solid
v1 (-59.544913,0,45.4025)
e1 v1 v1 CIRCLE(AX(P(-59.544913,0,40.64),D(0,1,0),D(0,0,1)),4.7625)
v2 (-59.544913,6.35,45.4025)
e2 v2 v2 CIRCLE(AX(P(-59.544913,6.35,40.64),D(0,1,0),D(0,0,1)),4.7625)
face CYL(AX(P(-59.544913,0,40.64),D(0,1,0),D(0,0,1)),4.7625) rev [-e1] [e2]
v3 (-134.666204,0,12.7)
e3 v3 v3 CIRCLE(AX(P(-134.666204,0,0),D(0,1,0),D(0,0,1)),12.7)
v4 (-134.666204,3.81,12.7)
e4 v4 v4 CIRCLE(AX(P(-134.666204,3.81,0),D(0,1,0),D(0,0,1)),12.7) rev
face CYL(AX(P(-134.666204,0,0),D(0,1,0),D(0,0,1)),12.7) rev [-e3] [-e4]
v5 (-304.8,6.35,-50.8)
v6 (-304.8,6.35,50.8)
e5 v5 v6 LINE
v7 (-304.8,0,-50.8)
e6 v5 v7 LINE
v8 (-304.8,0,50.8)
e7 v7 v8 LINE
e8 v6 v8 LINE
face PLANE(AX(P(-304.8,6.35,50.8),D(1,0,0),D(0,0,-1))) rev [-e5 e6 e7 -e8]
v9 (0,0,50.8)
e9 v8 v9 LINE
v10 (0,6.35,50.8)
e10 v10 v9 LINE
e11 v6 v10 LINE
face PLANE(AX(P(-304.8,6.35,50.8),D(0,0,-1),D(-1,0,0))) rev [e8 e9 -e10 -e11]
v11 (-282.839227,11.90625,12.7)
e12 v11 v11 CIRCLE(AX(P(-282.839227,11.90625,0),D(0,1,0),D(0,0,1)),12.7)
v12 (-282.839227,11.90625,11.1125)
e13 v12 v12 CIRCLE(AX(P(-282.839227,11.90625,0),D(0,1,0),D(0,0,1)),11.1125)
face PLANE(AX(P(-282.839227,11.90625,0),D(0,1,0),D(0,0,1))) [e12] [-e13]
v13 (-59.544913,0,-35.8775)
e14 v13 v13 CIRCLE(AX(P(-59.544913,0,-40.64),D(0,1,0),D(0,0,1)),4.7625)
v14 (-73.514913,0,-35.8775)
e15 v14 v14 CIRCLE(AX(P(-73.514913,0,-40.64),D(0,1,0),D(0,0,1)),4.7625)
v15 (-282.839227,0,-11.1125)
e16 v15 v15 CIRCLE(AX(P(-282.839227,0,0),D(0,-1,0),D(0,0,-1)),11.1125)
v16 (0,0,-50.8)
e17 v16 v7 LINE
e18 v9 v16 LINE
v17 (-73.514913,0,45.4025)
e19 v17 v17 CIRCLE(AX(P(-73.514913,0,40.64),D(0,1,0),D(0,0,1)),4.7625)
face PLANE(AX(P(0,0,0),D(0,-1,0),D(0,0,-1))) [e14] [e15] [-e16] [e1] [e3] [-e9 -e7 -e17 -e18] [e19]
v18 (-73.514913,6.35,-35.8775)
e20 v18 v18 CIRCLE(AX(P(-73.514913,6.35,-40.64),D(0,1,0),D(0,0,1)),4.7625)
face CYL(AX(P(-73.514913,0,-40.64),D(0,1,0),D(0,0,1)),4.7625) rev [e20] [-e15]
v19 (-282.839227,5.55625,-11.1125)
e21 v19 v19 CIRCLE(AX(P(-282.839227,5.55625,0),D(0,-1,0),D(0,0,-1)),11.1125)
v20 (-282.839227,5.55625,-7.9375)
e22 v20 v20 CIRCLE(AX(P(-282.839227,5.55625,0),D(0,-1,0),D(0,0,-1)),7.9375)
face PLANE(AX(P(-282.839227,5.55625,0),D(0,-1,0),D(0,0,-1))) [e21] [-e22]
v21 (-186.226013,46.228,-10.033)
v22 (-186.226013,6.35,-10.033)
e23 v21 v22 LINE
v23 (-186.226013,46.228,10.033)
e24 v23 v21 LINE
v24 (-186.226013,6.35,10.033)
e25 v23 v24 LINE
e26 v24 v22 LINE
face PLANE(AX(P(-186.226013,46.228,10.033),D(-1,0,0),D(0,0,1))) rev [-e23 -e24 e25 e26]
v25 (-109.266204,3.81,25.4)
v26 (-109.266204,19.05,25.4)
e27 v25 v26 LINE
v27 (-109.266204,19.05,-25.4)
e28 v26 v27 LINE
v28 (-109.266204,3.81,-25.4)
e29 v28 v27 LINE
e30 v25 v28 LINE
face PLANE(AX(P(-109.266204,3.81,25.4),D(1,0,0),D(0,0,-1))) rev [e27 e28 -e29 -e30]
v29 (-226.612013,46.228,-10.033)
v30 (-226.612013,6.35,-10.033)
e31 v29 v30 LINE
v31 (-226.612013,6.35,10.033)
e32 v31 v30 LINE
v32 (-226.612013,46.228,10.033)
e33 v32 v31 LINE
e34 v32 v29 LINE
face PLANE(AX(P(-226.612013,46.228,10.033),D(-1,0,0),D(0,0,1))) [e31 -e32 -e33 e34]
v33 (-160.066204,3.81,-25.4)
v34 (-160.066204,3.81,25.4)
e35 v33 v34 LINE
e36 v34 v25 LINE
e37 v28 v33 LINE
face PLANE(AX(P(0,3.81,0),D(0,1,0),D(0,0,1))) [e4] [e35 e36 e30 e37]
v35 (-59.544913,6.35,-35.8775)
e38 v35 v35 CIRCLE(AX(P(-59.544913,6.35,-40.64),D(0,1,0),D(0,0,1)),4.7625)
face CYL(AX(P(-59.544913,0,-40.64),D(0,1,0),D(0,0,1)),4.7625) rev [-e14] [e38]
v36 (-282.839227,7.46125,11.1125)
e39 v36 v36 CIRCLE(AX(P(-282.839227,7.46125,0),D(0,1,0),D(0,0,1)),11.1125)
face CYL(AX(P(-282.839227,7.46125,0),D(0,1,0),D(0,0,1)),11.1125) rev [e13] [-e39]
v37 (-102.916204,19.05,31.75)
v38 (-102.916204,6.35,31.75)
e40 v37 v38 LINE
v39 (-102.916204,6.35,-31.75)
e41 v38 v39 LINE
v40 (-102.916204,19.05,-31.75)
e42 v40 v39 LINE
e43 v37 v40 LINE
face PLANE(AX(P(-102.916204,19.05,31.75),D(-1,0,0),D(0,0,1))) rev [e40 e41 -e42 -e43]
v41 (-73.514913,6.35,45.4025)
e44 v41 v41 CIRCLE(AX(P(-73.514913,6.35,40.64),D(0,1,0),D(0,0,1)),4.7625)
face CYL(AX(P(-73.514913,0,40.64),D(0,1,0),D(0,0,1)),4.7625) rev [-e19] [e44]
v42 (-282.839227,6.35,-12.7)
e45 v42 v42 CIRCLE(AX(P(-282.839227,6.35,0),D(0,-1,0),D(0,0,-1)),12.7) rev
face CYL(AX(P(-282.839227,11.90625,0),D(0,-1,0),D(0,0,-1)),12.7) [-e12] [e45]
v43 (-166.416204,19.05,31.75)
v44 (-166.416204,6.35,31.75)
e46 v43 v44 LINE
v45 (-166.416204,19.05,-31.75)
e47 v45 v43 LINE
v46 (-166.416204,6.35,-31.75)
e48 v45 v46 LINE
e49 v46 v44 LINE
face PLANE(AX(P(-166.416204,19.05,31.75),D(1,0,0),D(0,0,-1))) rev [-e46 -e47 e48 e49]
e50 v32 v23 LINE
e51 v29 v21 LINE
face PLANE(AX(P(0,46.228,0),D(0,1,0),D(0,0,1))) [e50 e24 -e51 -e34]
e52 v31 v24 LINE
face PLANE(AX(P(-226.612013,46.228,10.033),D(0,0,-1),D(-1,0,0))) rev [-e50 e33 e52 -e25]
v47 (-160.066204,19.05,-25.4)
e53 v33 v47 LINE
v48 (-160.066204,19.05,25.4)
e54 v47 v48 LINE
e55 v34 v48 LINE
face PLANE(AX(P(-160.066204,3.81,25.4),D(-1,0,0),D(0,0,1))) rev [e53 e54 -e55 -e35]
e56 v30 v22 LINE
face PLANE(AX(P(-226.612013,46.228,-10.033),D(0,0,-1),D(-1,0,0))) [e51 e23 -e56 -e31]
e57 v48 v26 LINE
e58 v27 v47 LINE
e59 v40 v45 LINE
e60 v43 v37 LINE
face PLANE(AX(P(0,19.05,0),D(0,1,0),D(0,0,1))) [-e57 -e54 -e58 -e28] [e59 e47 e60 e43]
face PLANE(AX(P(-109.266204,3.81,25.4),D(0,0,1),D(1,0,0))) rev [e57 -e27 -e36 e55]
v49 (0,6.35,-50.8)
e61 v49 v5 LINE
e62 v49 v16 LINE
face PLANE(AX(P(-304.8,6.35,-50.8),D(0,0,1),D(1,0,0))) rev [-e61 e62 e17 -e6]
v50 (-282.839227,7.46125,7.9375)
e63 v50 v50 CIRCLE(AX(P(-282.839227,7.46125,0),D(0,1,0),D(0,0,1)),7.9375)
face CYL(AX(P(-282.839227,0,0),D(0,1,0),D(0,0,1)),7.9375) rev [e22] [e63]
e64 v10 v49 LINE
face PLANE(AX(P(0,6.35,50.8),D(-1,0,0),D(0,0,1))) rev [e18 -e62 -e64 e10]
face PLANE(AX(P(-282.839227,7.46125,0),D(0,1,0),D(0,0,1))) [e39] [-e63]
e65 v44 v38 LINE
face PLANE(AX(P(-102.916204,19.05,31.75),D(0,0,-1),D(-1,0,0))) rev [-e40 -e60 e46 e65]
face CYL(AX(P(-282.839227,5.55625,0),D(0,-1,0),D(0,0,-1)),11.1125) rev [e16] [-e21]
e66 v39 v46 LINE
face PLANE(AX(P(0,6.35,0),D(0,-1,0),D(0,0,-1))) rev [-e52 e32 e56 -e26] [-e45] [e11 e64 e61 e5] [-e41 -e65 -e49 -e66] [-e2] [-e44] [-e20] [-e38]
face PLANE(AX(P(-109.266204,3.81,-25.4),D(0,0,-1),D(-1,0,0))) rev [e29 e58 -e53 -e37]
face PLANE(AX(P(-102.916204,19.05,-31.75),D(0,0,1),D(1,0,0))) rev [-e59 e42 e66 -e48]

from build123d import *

# Parameters (mm, degrees)
SKETCH1_W           = 304.8
SKETCH1_H           = 101.6
BOSS_EXTRUDE1_DEPTH = 6.35
SKETCH2_R           = 12.7
BOSS_EXTRUDE3_DEPTH = 5.55625
SKETCH9_R           = 11.1125
CUT_EXTRUDE4_DEPTH  = 4.445
CUT_EXTRUDE5_START  = -5.55625
SKETCH10_R          = 11.1125
CUT_EXTRUDE5_DEPTH  = 5.55625
SKETCH11_R          = 7.9375
CUT_EXTRUDE6_DEPTH  = 310.094403462
SKETCH12_R          = 12.7
CUT_EXTRUDE7_DEPTH  = 310.0695755
SKETCH22_W          = 63.5
SKETCH22_H          = 63.5
BOSS_EXTRUDE7_DEPTH = 12.7
SKETCH25_W          = 50.8
SKETCH25_H          = 50.8
CUT_EXTRUDE11_DEPTH = 15.24
SKETCH18_W          = 40.386
SKETCH18_H          = 20.066
BOSS_EXTRUDE5_DEPTH = 39.878
SKETCH32_R          = 4.7625
CUT_EXTRUDE12_DEPTH = 6.35


with BuildPart() as part:
    # Sketch1 → Boss-Extrude1 (new body)
    with BuildSketch(Plane(origin=(0, 0, 0), x_dir=(1, 0, 0), z_dir=(0, 1, 0))):
        with Locations((-152.4, 0)):
            Rectangle(SKETCH1_W, SKETCH1_H)
    extrude(amount=BOSS_EXTRUDE1_DEPTH)

    # Sketch2 → Boss-Extrude3 (add)
    with BuildSketch(Plane(origin=(0, 6.35, 0), x_dir=(1, 0, 0), z_dir=(0, 1, 0))):
        with Locations(Location((-282.839226834, 0, 0), (0, 0, 90))):
            Circle(SKETCH2_R)
    extrude(amount=BOSS_EXTRUDE3_DEPTH)

    # Sketch9 → Cut-Extrude4 (cut)
    with BuildSketch(Plane(origin=(0, 11.90625, 0), x_dir=(1, 0, 0), z_dir=(0, 1, 0))):
        with Locations(Location((-282.839226834, 0, 0), (0, 0, 270))):
            Circle(SKETCH9_R)
    extrude(amount=-CUT_EXTRUDE4_DEPTH, mode=Mode.SUBTRACT)

    # Sketch10 → Cut-Extrude5 (cut)
    with BuildSketch(Plane(origin=(0, 0, 0), x_dir=(-1, 0, 0), z_dir=(0, -1, 0)).offset(CUT_EXTRUDE5_START)):
        with Locations(Location((282.839226834, 0, 0), (0, 0, 270))):
            Circle(SKETCH10_R)
    extrude(amount=CUT_EXTRUDE5_DEPTH, mode=Mode.SUBTRACT)

    # Sketch11 → Cut-Extrude6 (cut, through all)
    with BuildSketch(Plane(origin=(0, 7.46125, 0), x_dir=(1, 0, 0), z_dir=(0, 1, 0))):
        with Locations(Location((-282.839226834, 0, 0), (0, 0, 270))):
            Circle(SKETCH11_R)
    extrude(amount=-CUT_EXTRUDE6_DEPTH, mode=Mode.SUBTRACT)

    # Sketch12 → Cut-Extrude7 (cut, through all)
    with BuildSketch(Plane(origin=(0, 6.35, 0), x_dir=(1, 0, 0), z_dir=(0, 1, 0))):
        with Locations(Location((-134.666203771, 0, 0), (0, 0, 270))):
            Circle(SKETCH12_R)
    extrude(amount=-CUT_EXTRUDE7_DEPTH, mode=Mode.SUBTRACT)

    # Sketch22 → Boss-Extrude7 (add)
    with BuildSketch(Plane(origin=(0, 6.35, 0), x_dir=(1, 0, 0), z_dir=(0, 1, 0))):
        with Locations((-134.666203771, 0)):
            Rectangle(SKETCH22_W, SKETCH22_H)
    extrude(amount=BOSS_EXTRUDE7_DEPTH)

    # Sketch25 → Cut-Extrude11 (cut)
    with BuildSketch(Plane(origin=(0, 19.05, 0), x_dir=(1, 0, 0), z_dir=(0, 1, 0))):
        with Locations((-134.666203771, 0)):
            Rectangle(SKETCH25_W, SKETCH25_H)
    extrude(amount=-CUT_EXTRUDE11_DEPTH, mode=Mode.SUBTRACT)

    # Sketch18 → Boss-Extrude5 (add)
    with BuildSketch(Plane(origin=(0, 6.35, 0), x_dir=(1, 0, 0), z_dir=(0, 1, 0))):
        with Locations((-206.419013169, 0)):
            Rectangle(SKETCH18_W, SKETCH18_H)
    extrude(amount=BOSS_EXTRUDE5_DEPTH)

    # Sketch32 → Cut-Extrude12 (cut)
    with BuildSketch(Plane(origin=(0, 6.35, 0), x_dir=(1, 0, 0), z_dir=(0, 1, 0))):
        with Locations(Location((-59.544913048, -40.64, 0), (0, 0, 270))):
            Circle(SKETCH32_R)
        with Locations(Location((-73.514913048, -40.64, 0), (0, 0, 270))):
            Circle(SKETCH32_R)
        with Locations(Location((-59.544913048, 40.64, 0), (0, 0, 270))):
            Circle(SKETCH32_R)
        with Locations(Location((-73.514913048, 40.64, 0), (0, 0, 270))):
            Circle(SKETCH32_R)
    extrude(amount=-CUT_EXTRUDE12_DEPTH, mode=Mode.SUBTRACT)


solid = part.part
